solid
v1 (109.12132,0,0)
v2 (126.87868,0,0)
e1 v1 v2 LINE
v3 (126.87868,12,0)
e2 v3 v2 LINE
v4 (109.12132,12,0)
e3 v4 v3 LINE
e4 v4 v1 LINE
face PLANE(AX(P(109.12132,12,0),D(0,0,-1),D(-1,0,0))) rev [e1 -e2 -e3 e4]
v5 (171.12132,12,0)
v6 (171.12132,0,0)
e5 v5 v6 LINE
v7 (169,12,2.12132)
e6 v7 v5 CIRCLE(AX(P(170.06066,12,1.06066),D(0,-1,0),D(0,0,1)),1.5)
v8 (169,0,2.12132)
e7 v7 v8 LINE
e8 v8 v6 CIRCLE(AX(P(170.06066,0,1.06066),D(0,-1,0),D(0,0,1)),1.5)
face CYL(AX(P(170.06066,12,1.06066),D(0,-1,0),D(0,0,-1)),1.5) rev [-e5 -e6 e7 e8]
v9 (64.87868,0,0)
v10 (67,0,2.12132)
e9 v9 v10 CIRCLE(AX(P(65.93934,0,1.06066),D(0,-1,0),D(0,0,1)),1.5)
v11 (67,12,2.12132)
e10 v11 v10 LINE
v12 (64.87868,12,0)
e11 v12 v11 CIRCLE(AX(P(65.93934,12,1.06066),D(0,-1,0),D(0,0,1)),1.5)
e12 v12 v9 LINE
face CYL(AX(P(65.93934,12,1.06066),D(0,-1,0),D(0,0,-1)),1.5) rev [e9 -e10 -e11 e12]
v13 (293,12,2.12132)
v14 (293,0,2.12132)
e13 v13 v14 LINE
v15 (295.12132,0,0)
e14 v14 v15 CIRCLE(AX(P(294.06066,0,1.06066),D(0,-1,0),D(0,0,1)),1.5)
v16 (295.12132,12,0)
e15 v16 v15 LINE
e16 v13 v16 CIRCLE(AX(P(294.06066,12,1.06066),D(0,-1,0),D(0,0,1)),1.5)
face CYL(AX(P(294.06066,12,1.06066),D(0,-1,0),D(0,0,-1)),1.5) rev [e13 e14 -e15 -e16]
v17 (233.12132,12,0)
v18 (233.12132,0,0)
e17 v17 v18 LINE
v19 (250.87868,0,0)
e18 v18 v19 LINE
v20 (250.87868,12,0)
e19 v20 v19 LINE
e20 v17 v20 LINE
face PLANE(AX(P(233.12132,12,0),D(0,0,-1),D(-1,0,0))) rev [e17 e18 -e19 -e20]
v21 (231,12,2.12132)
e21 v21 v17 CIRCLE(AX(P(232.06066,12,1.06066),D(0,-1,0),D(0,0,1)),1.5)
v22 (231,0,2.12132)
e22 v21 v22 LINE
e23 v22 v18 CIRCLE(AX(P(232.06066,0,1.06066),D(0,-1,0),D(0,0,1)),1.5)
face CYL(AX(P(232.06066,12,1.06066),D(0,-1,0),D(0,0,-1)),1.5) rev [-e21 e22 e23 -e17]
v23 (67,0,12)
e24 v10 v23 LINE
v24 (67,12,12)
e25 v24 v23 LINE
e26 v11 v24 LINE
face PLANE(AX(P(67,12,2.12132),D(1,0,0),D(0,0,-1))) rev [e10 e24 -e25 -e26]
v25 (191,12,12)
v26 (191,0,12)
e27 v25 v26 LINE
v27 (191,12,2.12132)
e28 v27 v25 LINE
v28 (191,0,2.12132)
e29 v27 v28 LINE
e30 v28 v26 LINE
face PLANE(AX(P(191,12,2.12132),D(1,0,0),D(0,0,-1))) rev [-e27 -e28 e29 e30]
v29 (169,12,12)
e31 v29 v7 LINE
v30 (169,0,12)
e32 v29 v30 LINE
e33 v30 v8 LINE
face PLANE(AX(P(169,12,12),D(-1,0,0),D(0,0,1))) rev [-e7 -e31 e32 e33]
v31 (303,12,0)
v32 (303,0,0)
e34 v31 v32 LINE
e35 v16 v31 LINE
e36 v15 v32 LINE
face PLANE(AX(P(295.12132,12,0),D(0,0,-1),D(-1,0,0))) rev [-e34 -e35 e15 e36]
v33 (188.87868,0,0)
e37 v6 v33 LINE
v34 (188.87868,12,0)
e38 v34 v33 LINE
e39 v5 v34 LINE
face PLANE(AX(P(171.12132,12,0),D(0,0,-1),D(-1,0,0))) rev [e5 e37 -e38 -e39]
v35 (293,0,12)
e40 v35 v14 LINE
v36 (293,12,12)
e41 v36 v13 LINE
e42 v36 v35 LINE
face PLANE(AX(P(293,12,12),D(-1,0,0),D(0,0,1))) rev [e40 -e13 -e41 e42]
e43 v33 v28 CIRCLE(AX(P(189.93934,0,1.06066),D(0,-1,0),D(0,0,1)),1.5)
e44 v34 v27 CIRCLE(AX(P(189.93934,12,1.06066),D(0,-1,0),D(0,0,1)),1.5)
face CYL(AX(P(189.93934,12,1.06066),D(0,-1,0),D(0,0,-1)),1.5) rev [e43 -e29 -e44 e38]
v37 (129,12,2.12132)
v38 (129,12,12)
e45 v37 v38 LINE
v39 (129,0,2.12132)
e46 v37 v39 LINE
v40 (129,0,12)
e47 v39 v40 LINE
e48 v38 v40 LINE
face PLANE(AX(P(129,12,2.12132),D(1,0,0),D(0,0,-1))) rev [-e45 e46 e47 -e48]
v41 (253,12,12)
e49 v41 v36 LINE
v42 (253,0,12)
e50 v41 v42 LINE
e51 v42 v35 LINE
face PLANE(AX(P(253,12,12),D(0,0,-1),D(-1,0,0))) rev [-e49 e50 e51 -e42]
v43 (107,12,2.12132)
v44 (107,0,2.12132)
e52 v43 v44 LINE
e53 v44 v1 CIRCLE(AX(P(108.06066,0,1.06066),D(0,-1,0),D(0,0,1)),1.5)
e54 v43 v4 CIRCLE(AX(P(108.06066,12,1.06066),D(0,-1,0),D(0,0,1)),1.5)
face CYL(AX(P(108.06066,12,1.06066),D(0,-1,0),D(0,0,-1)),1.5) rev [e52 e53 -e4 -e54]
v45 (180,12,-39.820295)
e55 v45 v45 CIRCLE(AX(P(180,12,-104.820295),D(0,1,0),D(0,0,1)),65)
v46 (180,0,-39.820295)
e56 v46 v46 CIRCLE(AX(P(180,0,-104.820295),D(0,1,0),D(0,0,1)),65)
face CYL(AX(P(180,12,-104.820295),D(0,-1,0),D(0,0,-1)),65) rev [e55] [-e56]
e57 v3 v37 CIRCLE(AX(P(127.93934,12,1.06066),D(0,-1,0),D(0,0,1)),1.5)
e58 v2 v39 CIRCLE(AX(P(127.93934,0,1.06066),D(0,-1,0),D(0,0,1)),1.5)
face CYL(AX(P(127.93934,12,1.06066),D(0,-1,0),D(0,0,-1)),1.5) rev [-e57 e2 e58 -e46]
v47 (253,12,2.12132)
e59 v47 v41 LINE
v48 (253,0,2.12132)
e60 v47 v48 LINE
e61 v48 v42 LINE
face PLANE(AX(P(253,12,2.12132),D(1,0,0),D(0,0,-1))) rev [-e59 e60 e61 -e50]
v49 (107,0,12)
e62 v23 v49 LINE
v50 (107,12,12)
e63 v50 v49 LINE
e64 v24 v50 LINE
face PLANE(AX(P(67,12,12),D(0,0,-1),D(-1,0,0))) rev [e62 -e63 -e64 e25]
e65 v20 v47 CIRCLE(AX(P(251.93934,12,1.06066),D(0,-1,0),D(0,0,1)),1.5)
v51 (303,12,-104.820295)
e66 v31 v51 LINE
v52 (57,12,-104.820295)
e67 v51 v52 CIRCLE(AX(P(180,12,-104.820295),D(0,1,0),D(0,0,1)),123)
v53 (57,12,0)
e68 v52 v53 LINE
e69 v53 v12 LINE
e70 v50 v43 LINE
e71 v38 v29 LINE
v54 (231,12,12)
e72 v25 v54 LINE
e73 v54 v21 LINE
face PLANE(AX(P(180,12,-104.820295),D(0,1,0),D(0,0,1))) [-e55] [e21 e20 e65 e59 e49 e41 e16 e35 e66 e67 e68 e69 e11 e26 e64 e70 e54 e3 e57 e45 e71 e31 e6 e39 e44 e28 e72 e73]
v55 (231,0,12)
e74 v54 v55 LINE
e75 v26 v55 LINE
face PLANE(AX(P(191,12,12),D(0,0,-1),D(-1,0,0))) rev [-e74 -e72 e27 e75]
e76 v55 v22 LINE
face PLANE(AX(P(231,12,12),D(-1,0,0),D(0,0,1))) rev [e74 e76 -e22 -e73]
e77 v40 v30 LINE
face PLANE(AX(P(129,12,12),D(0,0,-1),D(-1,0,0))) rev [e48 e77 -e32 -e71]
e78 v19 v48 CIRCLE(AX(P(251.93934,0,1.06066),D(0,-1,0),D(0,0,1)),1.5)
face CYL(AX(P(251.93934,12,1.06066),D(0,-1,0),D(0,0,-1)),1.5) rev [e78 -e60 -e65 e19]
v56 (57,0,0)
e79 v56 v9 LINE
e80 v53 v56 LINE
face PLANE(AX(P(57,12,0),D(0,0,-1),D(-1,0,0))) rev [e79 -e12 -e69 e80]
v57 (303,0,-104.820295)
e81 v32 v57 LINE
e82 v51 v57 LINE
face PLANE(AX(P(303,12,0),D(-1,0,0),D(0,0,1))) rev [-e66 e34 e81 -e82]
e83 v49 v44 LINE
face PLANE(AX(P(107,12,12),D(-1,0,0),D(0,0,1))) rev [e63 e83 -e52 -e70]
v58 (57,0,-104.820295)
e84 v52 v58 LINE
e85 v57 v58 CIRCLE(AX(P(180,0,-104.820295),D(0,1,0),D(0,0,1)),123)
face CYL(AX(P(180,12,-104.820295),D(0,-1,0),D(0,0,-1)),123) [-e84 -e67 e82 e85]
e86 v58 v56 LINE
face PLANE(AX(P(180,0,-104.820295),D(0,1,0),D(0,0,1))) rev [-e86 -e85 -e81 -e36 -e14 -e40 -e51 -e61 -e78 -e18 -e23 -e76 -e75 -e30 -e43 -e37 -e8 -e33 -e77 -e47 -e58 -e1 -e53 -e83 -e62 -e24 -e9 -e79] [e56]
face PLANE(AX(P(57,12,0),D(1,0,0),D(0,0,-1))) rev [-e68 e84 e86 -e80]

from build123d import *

# Parameters (mm, degrees)
CROQUIS1_R              = 65
SALIENTE_EXTRUIR2_DEPTH = 12


with BuildPart() as part:
    # Croquis1 → Saliente-Extruir2 (new body)
    with BuildSketch(Plane(origin=(0, 0, 0), x_dir=(1, 0, 0), z_dir=(0, 1, 0))):
        with BuildLine():
            Line((57, 0), (57, 104.820295074))
            ThreePointArc((57, 104.820295074), (180, 227.820295074), (303, 104.820295074))
            Line((303, 104.820295074), (303, 0))
            Line((303, 0), (295.121320344, 0))
            ThreePointArc((295.121320344, 0), (293, 0), (293, -2.121320344))
            Line((293, -2.121320344), (293, -12))
            Line((293, -12), (253, -12))
            Line((253, -12), (253, -2.121320344))
            ThreePointArc((253, -2.121320344), (253, 0), (250.878679656, 0))
            Line((250.878679656, 0), (233.121320344, 0))
            ThreePointArc((233.121320344, 0), (231, 0), (231, -2.121320344))
            Line((231, -2.121320344), (231, -12))
            Line((231, -12), (191, -12))
            Line((191, -12), (191, -2.121320344))
            ThreePointArc((191, -2.121320344), (191, 0), (188.878679656, 0))
            Line((188.878679656, 0), (171.121320344, 0))
            ThreePointArc((171.121320344, 0), (169, 0), (169, -2.121320344))
            Line((169, -2.121320344), (169, -12))
            Line((169, -12), (129, -12))
            Line((129, -12), (129, -2.121320344))
            ThreePointArc((129, -2.121320344), (129, 0), (126.878679656, 0))
            Line((126.878679656, 0), (109.121320344, 0))
            ThreePointArc((109.121320344, 0), (107, 0), (107, -2.121320344))
            Line((107, -2.121320344), (107, -12))
            Line((107, -12), (67, -12))
            Line((67, -12), (67, -2.121320344))
            ThreePointArc((67, -2.121320344), (67, 0), (64.878679656, 0))
            Line((64.878679656, 0), (57, 0))
        make_face()
        with Locations(Location((180, 104.820295074, 0), (0, 0, 270))):
            Circle(CROQUIS1_R, mode=Mode.SUBTRACT)
    extrude(amount=SALIENTE_EXTRUIR2_DEPTH)


solid = part.part
